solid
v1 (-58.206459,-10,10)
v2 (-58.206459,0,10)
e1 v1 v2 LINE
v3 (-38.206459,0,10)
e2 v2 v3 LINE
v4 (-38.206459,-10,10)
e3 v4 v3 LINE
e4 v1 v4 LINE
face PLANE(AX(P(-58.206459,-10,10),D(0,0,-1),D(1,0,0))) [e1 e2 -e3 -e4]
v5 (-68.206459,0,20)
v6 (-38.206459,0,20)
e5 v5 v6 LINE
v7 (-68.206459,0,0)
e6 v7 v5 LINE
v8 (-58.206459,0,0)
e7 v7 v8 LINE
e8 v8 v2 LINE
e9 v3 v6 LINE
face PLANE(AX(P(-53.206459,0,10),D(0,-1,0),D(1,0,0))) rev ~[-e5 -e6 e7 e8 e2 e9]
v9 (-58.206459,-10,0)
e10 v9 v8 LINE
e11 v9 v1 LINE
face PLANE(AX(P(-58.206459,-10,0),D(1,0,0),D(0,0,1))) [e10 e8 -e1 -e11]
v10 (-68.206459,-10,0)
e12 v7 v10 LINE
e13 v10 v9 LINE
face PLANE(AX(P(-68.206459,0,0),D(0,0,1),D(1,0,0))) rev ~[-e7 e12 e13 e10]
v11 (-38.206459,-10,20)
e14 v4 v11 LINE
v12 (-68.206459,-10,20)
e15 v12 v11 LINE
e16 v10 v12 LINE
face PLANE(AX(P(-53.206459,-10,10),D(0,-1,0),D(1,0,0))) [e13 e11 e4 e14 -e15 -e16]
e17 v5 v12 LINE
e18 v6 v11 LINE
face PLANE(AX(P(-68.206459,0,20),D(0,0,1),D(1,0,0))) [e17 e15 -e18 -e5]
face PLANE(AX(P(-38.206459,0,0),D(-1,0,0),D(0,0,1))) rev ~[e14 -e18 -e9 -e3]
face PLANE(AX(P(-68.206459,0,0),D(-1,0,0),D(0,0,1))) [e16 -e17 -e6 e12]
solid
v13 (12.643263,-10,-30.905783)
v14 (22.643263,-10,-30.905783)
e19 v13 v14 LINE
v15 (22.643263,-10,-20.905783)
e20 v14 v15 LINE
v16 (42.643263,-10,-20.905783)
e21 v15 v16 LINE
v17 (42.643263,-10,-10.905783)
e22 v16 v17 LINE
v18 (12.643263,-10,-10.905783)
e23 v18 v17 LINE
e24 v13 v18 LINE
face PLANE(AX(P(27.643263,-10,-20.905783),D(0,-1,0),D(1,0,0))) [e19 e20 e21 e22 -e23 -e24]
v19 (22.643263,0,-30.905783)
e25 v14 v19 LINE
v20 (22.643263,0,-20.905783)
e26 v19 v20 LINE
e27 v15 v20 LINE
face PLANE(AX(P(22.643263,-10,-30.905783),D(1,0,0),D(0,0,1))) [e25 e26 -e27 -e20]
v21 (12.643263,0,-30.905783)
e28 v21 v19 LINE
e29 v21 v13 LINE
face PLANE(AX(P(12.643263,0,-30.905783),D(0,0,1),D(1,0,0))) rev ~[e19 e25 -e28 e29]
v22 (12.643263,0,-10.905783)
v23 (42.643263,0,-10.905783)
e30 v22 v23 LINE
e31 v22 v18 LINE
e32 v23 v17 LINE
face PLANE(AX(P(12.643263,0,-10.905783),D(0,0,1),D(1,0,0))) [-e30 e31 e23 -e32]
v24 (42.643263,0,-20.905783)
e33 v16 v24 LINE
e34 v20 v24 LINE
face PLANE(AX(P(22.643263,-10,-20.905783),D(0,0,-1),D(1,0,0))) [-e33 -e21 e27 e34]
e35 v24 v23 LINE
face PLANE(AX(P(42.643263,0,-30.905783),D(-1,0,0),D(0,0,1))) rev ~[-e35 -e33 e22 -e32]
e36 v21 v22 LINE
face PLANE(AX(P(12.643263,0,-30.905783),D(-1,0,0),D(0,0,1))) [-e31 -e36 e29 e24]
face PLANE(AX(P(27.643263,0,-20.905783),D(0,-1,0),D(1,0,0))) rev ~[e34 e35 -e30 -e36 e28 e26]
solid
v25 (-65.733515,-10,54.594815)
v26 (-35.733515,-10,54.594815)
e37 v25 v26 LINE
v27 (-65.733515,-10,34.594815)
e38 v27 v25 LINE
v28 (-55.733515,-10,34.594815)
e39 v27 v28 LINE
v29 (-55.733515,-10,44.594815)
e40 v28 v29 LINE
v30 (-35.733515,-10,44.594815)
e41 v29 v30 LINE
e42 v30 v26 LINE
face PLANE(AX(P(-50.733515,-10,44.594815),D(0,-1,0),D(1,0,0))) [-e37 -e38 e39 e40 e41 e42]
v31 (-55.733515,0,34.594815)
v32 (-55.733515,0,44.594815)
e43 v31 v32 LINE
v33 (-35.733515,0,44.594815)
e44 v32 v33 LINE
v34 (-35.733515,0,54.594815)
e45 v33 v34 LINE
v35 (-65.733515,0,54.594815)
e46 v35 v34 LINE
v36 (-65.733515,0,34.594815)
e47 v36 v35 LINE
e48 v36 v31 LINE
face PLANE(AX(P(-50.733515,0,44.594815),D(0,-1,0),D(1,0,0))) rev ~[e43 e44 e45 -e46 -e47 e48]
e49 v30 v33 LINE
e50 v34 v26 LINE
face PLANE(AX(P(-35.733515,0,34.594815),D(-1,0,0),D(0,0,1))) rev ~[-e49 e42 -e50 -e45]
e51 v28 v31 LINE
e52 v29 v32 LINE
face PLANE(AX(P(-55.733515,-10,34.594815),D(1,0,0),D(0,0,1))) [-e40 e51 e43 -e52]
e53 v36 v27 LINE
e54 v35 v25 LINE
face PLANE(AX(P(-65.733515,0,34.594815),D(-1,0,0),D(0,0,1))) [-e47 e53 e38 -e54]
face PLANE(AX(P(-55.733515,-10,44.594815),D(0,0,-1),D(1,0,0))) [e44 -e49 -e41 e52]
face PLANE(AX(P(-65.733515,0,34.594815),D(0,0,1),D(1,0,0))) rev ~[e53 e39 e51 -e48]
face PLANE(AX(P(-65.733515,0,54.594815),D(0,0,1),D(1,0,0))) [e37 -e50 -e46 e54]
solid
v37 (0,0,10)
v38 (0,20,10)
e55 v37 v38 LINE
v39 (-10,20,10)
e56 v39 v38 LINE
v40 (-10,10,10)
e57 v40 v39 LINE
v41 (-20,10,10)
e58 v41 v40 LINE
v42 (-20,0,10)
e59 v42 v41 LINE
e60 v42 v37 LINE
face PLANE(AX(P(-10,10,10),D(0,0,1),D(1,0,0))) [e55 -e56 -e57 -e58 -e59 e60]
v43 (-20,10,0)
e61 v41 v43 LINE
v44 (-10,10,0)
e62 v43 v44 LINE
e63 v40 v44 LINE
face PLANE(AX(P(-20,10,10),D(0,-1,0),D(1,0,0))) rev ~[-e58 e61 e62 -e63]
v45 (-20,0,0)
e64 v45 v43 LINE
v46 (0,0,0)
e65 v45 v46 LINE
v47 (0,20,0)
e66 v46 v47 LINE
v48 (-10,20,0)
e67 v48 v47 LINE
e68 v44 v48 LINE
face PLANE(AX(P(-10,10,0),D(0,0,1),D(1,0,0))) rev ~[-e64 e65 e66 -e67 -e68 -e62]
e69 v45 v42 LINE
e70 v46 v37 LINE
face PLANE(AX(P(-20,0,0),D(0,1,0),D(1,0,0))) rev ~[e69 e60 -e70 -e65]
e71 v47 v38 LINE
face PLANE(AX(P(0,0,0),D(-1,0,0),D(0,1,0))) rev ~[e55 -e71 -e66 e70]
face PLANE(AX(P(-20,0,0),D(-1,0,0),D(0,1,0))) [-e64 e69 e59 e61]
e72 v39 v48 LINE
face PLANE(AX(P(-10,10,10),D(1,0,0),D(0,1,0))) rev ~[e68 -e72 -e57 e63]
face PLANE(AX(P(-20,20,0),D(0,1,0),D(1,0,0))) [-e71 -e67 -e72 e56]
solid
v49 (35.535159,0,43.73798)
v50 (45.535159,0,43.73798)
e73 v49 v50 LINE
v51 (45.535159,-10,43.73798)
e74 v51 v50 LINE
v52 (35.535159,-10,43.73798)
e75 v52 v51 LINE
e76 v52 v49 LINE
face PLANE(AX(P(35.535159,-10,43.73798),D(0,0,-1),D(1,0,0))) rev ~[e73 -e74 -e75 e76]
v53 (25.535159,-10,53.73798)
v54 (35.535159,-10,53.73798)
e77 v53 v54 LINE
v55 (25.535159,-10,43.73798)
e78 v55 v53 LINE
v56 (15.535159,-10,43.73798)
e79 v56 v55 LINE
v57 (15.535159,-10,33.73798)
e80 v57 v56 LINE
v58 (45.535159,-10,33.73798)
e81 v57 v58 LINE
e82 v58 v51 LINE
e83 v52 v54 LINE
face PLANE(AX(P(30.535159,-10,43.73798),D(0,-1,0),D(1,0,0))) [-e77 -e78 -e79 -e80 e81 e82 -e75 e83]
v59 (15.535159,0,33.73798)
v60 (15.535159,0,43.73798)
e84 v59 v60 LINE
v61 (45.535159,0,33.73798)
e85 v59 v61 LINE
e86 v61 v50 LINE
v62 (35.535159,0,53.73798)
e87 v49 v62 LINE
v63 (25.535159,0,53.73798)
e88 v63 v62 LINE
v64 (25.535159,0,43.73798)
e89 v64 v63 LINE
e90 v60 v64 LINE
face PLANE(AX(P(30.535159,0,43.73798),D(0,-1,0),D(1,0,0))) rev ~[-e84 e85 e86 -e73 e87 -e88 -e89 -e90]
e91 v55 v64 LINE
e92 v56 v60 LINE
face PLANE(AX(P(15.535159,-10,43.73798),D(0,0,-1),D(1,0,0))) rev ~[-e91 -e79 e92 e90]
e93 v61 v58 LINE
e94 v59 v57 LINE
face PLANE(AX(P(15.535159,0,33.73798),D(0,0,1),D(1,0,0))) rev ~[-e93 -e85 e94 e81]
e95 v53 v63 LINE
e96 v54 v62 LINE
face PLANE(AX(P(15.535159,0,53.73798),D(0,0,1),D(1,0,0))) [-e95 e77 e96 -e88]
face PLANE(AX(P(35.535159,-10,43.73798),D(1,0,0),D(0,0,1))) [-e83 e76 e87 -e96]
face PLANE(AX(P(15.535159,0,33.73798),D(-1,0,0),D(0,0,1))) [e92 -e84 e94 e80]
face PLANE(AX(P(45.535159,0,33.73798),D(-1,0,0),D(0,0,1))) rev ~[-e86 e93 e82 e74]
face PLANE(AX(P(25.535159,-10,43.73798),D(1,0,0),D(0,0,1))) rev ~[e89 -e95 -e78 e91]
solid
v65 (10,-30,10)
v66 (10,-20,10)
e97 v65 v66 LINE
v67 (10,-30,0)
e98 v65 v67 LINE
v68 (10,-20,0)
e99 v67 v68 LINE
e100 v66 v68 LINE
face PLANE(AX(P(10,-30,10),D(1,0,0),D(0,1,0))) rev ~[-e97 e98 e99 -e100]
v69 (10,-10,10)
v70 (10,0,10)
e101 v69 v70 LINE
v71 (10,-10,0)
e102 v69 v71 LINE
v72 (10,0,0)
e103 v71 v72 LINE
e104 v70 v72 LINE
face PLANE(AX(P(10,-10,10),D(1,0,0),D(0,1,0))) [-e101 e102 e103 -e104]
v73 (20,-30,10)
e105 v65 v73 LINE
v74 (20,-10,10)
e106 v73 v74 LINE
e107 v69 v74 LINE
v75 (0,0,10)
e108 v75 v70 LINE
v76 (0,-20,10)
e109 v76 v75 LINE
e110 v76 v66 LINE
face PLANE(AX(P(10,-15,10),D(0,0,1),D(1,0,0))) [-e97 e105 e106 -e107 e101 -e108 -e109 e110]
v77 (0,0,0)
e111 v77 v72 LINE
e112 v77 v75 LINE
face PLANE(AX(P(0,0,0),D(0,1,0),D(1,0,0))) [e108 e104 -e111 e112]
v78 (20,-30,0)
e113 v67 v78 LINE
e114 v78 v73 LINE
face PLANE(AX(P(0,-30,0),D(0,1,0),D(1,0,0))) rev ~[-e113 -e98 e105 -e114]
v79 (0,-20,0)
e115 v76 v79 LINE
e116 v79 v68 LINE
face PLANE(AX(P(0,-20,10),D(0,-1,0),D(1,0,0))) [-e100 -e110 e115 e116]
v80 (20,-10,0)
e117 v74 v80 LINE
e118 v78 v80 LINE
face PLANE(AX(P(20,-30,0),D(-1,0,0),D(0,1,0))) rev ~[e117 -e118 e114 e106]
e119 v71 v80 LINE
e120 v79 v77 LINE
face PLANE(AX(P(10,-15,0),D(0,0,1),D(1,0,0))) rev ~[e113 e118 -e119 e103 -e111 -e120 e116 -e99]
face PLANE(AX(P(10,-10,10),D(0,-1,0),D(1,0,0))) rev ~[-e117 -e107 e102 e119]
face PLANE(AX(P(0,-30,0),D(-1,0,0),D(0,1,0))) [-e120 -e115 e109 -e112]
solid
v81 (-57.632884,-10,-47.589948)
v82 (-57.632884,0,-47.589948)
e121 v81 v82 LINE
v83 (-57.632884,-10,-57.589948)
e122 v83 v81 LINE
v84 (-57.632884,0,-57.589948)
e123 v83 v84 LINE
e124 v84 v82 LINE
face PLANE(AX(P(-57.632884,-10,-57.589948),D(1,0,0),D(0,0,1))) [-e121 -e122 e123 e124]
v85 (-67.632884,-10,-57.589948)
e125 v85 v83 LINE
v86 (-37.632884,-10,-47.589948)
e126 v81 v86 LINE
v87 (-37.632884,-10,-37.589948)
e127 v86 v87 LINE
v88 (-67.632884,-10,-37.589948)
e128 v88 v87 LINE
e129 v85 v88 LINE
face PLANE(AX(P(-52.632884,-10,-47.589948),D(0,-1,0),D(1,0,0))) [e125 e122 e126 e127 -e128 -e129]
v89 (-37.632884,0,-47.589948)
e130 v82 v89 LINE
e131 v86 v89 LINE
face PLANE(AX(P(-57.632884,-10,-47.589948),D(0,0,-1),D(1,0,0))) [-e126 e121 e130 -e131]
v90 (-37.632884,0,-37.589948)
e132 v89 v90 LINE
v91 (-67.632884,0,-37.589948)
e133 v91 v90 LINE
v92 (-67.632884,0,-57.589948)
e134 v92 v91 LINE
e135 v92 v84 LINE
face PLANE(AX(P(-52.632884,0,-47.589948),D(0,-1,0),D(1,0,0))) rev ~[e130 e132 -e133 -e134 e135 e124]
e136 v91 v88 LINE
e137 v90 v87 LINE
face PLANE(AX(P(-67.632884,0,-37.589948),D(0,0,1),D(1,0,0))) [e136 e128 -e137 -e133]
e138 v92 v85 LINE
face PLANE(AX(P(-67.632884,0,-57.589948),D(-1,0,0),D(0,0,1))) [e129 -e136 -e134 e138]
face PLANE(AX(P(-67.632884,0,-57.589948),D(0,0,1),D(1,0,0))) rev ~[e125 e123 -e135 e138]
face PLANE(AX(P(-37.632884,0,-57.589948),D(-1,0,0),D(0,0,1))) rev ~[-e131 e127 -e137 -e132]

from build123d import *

# Parameters (mm, degrees)
F0_W      = 20
F0_H      = 30
F1_DEPTH  = 10
F3_W      = 20
F3_H      = 20
F4_DEPTH  = 10
F6_W      = 10
F6_H      = 10
F7_DEPTH  = 10
F2_W      = 10
F2_H      = 10
F8_DEPTH  = 10
F9_W      = 30
F9_H      = 20
F10_DEPTH = 10
F11_W     = 20
F11_H     = 10
F12_DEPTH = 10
F13_W     = 30
F13_H     = 20
F14_DEPTH = 10
F15_W     = 20
F15_H     = 10
F16_DEPTH = 10
F17_W     = 30
F17_H     = 20
F18_DEPTH = 10
F19_W     = 10
F19_H     = 10
F20_DEPTH = 10
F21_W     = 30
F21_H     = 20
F22_DEPTH = 10
F23_W     = 30
F23_H     = 20
F24_DEPTH = 10
F25_W     = 20
F25_H     = 10
F26_DEPTH = 10
F27_W     = 20
F27_H     = 10
F28_DEPTH = 10


with BuildPart() as f1:
    # F0 (on Top) → F1 (new body)
    with BuildSketch(Plane.XY):
        with Locations((10, -15)):
            Rectangle(F0_W, F0_H)
    extrude(amount=F1_DEPTH)

    # F2 (on face) → F8 (cut)
    with BuildSketch(Plane.XY.offset(10)):
        with Locations((15, -5)):
            Rectangle(F2_W, F2_H)
        with Locations((5, -25)):
            Rectangle(F2_W, F2_H)
    extrude(amount=-F8_DEPTH, mode=Mode.SUBTRACT)


with BuildPart() as f4:
    # F3 (on Top) → F4 (new body)
    with BuildSketch(Plane.XY):
        with Locations((-10, 10)):
            Rectangle(F3_W, F3_H)
    extrude(amount=F4_DEPTH)

    # F6 (on face) → F7 (cut)
    with BuildSketch(Plane.XY.offset(10)):
        with Locations((-15, 15)):
            Rectangle(F6_W, F6_H)
    extrude(amount=-F7_DEPTH, mode=Mode.SUBTRACT)


with BuildPart() as f10:
    # F9 (on Front) → F10 (new body)
    with BuildSketch(Plane.XZ):
        with Locations((-53.2064592838, 10)):
            Rectangle(F9_W, F9_H)
    extrude(amount=F10_DEPTH)

    # F11 (on face) → F12 (cut)
    with BuildSketch(Plane.XZ.offset(10)):
        with Locations((-48.2064592838, 5)):
            Rectangle(F11_W, F11_H)
    extrude(amount=-F12_DEPTH, mode=Mode.SUBTRACT)


with BuildPart() as f14:
    # F13 (on Front) → F14 (new body)
    with BuildSketch(Plane.XZ):
        with Locations((-52.6328837872, -47.5899481773)):
            Rectangle(F13_W, F13_H)
    extrude(amount=F14_DEPTH)

    # F15 (on face) → F16 (cut)
    with BuildSketch(Plane.XZ.offset(10)):
        with Locations((-47.6328837872, -52.5899481773)):
            Rectangle(F15_W, F15_H)
    extrude(amount=-F16_DEPTH, mode=Mode.SUBTRACT)


with BuildPart() as f18:
    # F17 (on Front) → F18 (new body)
    with BuildSketch(Plane.XZ):
        with Locations((30.5351590365, 43.7379798293)):
            Rectangle(F17_W, F17_H)
    extrude(amount=F18_DEPTH)

    # F19 (on face) → F20 (cut)
    with BuildSketch(Plane.XZ.offset(10)):
        with Locations((20.5351590365, 48.7379798293)):
            Rectangle(F19_W, F19_H)
        with Locations((40.5351590365, 48.7379798293)):
            Rectangle(F19_W, F19_H)
    extrude(amount=-F20_DEPTH, mode=Mode.SUBTRACT)


with BuildPart() as f22:
    # F21 (on Front) → F22 (new body)
    with BuildSketch(Plane.XZ):
        with Locations((-50.7335147262, 44.5948152244)):
            Rectangle(F21_W, F21_H)
    extrude(amount=F22_DEPTH)

    # F25 (on face) → F26 (cut)
    with BuildSketch(Plane.XZ.offset(10)):
        with Locations((-45.7335147262, 39.5948152244)):
            Rectangle(F25_W, F25_H)
    extrude(amount=-F26_DEPTH, mode=Mode.SUBTRACT)


with BuildPart() as f24:
    # F23 (on Front) → F24 (new body)
    with BuildSketch(Plane.XZ):
        with Locations((27.6432627439, -20.9057831764)):
            Rectangle(F23_W, F23_H)
    extrude(amount=F24_DEPTH)

    # F27 (on face) → F28 (cut)
    with BuildSketch(Plane.XZ.offset(10)):
        with Locations((32.6432627439, -25.9057831764)):
            Rectangle(F27_W, F27_H)
    extrude(amount=-F28_DEPTH, mode=Mode.SUBTRACT)


solid = Compound([f1.part, f4.part, f10.part, f14.part, f18.part, f22.part, f24.part])
